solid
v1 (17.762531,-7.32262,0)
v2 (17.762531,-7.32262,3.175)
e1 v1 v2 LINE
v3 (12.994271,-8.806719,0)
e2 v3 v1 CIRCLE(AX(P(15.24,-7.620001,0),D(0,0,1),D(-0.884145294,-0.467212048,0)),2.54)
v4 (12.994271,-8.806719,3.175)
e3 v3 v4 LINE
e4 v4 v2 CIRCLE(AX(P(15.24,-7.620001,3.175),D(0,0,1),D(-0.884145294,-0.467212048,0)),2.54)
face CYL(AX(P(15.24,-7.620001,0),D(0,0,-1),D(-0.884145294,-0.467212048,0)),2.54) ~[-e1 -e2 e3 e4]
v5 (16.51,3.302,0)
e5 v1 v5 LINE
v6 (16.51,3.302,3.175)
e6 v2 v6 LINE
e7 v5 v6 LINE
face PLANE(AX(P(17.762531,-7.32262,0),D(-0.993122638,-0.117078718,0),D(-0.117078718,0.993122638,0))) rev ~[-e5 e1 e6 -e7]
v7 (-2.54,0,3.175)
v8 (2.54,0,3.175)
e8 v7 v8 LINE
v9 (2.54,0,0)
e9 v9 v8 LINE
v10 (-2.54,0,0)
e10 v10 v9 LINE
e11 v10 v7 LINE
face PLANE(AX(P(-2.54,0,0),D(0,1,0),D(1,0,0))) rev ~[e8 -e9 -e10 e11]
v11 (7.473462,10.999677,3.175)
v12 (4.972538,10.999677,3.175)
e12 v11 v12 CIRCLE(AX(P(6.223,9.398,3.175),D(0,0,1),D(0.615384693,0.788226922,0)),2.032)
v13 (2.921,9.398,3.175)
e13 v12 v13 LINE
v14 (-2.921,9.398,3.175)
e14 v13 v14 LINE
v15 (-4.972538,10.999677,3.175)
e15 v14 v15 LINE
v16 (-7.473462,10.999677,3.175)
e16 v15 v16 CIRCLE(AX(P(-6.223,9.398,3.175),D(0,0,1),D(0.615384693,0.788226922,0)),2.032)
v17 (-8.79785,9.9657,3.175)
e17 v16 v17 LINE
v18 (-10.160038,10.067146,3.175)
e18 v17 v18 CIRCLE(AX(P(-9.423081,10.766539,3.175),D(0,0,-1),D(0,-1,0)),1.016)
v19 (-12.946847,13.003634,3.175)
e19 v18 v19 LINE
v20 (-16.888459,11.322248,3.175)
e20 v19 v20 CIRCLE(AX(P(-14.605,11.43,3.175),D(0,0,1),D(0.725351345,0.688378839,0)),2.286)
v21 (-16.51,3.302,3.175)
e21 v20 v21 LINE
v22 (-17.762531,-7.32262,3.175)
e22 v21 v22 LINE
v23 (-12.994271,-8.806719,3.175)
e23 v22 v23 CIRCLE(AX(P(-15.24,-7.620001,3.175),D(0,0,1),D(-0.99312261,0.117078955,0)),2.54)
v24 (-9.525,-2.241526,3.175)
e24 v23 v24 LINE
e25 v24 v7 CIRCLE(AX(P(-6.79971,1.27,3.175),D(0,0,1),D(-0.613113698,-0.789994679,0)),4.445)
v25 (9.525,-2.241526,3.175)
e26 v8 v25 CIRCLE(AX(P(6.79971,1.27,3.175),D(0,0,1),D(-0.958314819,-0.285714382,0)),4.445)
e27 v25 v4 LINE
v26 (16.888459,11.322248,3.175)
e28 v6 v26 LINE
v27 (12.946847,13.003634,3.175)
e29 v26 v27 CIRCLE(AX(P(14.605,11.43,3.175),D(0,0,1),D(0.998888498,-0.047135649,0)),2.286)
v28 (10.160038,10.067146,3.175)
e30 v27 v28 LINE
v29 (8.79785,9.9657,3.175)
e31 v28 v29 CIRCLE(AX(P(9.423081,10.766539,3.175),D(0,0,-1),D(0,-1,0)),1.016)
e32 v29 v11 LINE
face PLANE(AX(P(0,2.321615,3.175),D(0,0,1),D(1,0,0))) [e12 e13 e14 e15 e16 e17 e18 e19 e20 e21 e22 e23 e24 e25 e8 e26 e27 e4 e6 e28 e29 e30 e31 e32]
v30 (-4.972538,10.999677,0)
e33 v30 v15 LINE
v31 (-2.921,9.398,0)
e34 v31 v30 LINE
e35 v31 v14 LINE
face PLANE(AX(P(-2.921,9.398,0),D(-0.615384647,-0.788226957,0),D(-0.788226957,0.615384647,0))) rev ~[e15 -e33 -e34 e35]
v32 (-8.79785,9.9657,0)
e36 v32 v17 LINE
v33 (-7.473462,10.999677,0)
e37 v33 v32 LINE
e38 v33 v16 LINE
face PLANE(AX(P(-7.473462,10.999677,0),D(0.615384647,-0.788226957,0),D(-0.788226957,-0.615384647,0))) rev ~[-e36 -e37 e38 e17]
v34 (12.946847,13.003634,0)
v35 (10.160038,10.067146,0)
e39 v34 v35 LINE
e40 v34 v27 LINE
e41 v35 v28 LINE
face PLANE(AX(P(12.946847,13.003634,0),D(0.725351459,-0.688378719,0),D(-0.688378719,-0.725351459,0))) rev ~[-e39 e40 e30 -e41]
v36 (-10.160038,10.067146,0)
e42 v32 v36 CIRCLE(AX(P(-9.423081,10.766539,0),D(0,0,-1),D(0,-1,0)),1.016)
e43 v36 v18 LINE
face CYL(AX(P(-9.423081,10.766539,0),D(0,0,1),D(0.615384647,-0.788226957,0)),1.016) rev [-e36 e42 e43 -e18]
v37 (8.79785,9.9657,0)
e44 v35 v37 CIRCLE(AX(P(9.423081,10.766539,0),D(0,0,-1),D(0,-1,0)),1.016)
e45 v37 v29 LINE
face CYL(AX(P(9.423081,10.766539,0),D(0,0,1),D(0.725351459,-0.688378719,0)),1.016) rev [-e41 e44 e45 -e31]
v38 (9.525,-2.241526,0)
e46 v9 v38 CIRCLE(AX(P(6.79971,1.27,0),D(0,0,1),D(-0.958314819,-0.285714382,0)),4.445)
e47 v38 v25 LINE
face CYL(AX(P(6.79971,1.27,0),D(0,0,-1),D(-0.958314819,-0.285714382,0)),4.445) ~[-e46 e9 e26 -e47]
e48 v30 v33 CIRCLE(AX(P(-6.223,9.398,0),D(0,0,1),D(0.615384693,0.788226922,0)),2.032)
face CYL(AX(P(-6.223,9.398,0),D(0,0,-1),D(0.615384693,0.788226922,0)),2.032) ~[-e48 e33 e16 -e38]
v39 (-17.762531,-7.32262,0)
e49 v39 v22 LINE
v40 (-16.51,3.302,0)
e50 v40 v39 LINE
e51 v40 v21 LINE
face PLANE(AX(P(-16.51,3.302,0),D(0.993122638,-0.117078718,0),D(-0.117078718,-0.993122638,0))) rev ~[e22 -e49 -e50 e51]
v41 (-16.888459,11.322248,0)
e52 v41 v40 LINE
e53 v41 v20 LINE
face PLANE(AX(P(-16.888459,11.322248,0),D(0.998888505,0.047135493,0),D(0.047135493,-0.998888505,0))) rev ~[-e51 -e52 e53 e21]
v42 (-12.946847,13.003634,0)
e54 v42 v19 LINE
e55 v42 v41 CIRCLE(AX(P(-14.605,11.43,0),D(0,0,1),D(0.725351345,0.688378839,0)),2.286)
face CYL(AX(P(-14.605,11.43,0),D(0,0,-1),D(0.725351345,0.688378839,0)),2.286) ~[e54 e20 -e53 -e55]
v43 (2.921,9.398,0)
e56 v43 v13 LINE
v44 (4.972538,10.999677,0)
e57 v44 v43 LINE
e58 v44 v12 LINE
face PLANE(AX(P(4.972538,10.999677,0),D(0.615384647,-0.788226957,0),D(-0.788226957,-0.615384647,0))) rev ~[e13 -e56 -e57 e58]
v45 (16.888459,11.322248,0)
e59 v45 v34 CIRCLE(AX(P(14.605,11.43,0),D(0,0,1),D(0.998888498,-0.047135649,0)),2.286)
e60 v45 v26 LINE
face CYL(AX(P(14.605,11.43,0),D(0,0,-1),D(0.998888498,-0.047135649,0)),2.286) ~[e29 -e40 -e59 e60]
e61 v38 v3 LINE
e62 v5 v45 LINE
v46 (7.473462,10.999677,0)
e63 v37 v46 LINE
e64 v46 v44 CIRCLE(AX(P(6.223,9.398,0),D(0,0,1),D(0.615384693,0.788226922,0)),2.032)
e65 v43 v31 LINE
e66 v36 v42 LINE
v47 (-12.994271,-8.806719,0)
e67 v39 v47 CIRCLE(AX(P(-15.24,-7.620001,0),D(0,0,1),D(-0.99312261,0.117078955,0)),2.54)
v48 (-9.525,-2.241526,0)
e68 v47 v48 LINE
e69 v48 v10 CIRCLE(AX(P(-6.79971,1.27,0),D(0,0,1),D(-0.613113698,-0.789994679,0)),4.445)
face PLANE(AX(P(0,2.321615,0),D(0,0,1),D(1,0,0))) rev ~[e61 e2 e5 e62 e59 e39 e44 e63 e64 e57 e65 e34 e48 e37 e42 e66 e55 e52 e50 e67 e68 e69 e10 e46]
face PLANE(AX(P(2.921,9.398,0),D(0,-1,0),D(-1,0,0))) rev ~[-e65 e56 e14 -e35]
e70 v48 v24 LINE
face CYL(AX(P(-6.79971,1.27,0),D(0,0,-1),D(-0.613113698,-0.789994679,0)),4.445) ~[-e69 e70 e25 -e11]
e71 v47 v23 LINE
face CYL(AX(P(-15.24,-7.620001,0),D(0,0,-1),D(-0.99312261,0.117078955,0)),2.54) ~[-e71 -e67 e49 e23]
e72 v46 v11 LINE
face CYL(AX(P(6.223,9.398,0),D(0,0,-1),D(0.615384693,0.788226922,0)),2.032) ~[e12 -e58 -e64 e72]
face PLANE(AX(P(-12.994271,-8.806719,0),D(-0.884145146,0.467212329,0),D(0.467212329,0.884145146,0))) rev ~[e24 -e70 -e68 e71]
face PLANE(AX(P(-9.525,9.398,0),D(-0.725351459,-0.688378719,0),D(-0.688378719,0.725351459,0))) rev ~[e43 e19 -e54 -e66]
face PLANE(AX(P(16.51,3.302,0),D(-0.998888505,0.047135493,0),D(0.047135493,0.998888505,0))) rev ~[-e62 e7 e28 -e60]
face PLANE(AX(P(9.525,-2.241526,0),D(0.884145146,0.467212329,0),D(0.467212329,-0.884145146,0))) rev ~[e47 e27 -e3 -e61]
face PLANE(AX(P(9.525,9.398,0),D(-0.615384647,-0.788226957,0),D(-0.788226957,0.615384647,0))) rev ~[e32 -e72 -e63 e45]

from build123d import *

# Parameters (mm, degrees)
PAD_DEPTH = 3.175
FILLET_R  = 1.016


with BuildPart() as part:
    # Sketch → Pad (new body)
    with BuildSketch(Plane.XY):
        with BuildLine():
            Line((-16.51, 3.302), (-17.762531, -7.32262))
            ThreePointArc((-17.762531, -7.32262), (-15.994846, -10.045244), (-12.994271, -8.806719))
            Line((-12.994271, -8.806719), (-9.525, -2.241526))
            ThreePointArc((-9.525, -2.241526), (-5.441505, -2.962411), (-2.54, 0))
            Line((-2.54, 0), (2.54, 0))
            ThreePointArc((2.54, 0), (5.441505, -2.962411), (9.525, -2.241526))
            Line((9.525, -2.241526), (12.994271, -8.806719))
            ThreePointArc((12.994271, -8.806719), (15.994846, -10.045244), (17.762531, -7.32262))
            Line((17.762531, -7.32262), (16.51, 3.302))
            Line((16.51, 3.302), (16.888459, 11.322248))
            ThreePointArc((16.888459, 11.322248), (15.501948, 13.532684), (12.946847, 13.003634))
            Line((12.946847, 13.003634), (9.525, 9.398))
            Line((9.525, 9.398), (7.473462, 10.999677))
            ThreePointArc((7.473462, 10.999677), (6.223, 11.43), (4.972538, 10.999677))
            Line((4.972538, 10.999677), (2.921, 9.398))
            Line((2.921, 9.398), (-2.921, 9.398))
            Line((-2.921, 9.398), (-4.972538, 10.999677))
            ThreePointArc((-4.972538, 10.999677), (-6.223, 11.43), (-7.473462, 10.999677))
            Line((-7.473462, 10.999677), (-9.525, 9.398))
            Line((-9.525, 9.398), (-12.946847, 13.003634))
            ThreePointArc((-12.946847, 13.003634), (-15.501948, 13.532684), (-16.888459, 11.322248))
            Line((-16.888459, 11.322248), (-16.51, 3.302))
        make_face()
    extrude(amount=PAD_DEPTH)

    # Fillet
    fillet_edges = [part.edges().sort_by_distance(p)[0] for p in [
        (-9.525, 9.398, 1.5875),
        (9.525, 9.398, 1.5875),
    ]]
    fillet(fillet_edges, radius=FILLET_R)


solid = part.part
